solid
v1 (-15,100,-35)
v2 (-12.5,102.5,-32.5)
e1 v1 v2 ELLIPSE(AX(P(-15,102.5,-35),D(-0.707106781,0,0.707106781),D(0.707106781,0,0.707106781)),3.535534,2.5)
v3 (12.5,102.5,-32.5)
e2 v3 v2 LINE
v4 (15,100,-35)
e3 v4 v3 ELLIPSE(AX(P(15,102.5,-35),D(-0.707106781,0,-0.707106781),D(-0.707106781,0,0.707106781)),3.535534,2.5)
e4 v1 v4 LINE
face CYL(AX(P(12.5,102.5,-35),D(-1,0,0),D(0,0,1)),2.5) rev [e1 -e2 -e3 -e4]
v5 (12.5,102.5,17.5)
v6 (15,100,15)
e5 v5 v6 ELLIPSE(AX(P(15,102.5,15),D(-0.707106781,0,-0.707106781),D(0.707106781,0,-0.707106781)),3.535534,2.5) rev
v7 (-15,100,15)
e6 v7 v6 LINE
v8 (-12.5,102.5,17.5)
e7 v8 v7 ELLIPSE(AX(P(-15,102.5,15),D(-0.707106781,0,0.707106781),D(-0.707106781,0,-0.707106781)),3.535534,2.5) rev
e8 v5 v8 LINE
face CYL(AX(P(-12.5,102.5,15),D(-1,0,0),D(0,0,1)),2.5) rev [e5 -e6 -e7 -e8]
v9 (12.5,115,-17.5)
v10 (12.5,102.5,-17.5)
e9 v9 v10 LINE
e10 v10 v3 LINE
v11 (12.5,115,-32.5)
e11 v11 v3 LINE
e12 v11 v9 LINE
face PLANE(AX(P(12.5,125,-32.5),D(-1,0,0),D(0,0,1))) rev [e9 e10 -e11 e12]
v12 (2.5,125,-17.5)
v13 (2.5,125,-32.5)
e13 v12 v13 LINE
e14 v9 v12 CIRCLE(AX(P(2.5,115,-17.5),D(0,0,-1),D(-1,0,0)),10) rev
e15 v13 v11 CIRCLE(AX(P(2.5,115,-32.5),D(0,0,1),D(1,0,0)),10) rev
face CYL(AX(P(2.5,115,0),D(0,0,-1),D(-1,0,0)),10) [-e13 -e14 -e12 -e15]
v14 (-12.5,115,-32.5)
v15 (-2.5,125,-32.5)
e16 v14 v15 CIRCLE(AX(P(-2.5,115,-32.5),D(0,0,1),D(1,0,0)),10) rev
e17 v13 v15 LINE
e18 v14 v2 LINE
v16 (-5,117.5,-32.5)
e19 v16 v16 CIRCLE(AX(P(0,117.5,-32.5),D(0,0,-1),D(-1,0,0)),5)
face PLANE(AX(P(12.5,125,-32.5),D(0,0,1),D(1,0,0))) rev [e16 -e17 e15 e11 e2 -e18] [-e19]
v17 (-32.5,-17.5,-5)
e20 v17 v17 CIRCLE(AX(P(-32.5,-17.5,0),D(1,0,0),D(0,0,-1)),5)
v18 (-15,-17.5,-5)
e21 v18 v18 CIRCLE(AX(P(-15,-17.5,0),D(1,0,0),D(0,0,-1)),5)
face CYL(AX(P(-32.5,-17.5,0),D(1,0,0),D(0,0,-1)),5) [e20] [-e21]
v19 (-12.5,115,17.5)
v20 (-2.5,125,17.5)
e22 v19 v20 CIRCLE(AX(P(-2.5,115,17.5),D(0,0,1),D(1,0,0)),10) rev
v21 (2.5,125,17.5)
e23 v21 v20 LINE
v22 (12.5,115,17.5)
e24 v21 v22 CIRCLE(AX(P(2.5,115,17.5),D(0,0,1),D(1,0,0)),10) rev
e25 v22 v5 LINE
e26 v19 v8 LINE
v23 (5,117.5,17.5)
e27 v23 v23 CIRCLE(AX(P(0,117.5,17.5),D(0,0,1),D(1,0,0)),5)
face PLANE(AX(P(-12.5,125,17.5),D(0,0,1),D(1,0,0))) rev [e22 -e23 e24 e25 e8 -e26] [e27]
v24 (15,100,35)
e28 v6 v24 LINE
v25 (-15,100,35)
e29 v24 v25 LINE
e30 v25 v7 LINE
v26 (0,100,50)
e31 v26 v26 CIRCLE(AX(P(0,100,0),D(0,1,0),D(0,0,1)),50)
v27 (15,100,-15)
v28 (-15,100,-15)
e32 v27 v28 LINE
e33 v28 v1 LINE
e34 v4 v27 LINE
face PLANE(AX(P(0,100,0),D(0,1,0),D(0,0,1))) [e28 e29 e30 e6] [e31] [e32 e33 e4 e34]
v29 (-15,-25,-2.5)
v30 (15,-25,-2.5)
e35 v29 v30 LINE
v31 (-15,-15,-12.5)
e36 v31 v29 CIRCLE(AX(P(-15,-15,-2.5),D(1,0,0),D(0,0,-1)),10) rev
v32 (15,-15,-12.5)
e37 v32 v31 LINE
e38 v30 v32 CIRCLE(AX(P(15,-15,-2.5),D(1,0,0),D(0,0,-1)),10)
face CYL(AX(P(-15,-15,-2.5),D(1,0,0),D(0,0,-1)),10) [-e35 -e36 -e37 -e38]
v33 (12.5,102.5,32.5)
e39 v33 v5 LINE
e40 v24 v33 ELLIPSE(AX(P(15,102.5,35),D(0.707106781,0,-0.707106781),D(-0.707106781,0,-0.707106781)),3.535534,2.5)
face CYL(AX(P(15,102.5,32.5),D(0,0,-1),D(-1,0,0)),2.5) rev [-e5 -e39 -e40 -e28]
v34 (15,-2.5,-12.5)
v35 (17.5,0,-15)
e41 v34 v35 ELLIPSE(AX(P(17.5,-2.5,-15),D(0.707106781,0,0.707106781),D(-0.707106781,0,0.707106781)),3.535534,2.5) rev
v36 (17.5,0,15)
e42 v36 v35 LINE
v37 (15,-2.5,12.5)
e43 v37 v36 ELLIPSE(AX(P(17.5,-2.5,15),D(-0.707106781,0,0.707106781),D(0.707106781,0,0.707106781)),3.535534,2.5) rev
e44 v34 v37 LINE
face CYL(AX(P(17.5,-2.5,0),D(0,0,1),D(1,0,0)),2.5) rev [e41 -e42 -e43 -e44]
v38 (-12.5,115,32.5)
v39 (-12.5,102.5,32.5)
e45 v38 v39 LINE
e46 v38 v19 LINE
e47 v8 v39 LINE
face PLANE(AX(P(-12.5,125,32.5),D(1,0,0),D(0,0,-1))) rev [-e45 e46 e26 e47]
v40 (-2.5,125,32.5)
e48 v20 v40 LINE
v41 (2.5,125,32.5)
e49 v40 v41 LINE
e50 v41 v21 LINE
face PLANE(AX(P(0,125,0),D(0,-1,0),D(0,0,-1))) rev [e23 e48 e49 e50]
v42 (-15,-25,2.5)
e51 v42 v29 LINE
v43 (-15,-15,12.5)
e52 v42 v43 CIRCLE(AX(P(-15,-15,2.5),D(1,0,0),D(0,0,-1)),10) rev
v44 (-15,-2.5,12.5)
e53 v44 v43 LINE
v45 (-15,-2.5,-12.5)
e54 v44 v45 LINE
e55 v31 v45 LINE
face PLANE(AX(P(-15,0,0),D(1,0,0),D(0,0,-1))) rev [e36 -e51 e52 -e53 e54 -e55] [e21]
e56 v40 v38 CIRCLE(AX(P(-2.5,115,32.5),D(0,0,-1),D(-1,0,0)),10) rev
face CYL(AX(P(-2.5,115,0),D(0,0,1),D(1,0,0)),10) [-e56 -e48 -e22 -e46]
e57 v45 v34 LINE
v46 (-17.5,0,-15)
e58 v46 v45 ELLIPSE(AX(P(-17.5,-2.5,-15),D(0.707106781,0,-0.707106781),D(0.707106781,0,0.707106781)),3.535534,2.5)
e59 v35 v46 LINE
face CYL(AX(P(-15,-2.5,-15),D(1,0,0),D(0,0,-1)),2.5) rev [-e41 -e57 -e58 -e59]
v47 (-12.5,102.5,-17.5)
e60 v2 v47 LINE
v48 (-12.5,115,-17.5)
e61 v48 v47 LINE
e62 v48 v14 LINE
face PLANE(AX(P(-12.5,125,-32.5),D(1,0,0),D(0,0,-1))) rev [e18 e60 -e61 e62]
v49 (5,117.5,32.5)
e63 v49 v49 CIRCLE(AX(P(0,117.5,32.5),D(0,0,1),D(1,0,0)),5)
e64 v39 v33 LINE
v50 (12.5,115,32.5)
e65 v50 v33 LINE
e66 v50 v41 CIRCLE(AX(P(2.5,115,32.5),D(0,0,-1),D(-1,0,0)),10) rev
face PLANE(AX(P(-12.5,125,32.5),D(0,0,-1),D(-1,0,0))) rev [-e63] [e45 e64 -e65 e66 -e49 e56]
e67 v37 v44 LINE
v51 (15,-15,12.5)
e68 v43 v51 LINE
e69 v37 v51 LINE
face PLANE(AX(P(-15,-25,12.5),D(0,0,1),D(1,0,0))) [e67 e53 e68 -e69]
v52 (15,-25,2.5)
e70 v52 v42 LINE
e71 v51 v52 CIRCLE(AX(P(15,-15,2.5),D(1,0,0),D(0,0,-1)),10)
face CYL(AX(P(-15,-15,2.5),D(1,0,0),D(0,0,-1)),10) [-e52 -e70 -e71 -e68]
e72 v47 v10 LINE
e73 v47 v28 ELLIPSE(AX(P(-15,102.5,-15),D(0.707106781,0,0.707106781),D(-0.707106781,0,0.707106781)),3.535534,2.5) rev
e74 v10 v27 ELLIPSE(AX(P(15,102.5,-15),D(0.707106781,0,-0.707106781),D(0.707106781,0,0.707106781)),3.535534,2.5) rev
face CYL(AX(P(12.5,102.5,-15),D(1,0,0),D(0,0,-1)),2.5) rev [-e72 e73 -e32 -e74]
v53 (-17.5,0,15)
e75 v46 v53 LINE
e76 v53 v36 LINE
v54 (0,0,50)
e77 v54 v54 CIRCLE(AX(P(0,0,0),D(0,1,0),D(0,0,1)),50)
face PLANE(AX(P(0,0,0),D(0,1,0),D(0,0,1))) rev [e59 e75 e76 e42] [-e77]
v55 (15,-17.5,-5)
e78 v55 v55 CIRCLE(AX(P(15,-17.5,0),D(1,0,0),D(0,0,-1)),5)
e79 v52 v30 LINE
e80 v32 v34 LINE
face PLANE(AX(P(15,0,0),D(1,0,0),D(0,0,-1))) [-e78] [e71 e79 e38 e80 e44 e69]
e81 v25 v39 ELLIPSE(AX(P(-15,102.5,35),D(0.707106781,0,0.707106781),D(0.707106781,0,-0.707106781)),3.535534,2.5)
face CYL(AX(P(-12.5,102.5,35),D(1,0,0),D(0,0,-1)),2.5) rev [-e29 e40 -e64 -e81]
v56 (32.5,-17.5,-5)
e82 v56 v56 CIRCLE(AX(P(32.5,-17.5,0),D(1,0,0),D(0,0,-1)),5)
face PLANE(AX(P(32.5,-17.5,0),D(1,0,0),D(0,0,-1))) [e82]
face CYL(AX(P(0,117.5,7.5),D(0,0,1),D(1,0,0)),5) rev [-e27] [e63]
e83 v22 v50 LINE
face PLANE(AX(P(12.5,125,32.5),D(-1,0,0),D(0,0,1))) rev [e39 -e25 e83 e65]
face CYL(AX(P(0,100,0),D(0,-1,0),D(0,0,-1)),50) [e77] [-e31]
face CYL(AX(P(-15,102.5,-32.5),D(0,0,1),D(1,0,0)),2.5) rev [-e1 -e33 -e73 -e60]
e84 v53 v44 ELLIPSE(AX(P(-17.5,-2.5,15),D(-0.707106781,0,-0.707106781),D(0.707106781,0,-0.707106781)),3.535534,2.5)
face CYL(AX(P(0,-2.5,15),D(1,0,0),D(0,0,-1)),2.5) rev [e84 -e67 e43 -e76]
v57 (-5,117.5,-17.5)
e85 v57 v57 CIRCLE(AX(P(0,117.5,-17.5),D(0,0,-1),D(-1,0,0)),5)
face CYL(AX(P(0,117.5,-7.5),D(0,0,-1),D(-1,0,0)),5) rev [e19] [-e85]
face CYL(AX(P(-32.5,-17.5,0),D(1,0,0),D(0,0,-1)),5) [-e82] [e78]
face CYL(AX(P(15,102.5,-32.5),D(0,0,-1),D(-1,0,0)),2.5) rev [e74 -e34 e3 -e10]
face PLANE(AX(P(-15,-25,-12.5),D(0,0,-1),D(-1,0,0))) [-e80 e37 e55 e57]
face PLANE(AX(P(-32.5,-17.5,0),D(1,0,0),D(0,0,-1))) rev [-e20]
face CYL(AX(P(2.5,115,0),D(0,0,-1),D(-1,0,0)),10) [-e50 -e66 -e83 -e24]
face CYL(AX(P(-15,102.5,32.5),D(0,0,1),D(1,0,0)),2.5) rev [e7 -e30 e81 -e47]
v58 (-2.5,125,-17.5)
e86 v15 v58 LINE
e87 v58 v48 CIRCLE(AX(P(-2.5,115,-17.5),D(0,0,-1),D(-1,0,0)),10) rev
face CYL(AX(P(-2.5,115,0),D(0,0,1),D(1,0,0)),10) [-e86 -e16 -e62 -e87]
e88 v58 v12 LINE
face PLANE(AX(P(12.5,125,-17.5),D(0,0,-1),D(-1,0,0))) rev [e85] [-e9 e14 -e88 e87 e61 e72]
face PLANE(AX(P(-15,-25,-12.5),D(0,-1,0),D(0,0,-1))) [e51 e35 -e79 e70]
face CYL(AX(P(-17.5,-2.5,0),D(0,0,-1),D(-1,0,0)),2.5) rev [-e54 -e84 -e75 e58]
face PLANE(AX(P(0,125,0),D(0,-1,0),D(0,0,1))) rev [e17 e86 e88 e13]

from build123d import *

# Parameters (mm, degrees)
SKETCH1_R                = 50
BOSS_EXTRUDE1_DEPTH      = 100
SKETCH6_W                = 25
SKETCH6_H                = 15
BOSS_EXTRUDE3_DEPTH      = 25
FILLET3_R                = 2.5
FILLET4_R                = 10
SKETCH7_R                = 5
CUT_EXTRUDE2_DEPTH       = 25
CIRPATTERN1_COUNT        = 2
FILLET3_OF_CIRPATTERN1_R = 2.5
FILLET4_OF_CIRPATTERN1_R = 10
SKETCH9_W                = 25
SKETCH9_H                = 25
BOSS_EXTRUDE4_DEPTH      = 15
BOSS_EXTRUDE4_DEPTH_BACK = 15
FILLET5_R                = 2.5
FILLET6_R                = 10
SKETCH10_R               = 5
BOSS_EXTRUDE5_DEPTH      = 32.5
BOSS_EXTRUDE5_DEPTH_BACK = 32.5


with BuildPart() as part:
    # Sketch1 → Boss-Extrude1 (new body)
    with BuildSketch(Plane(origin=(0, 0, 0), x_dir=(1, 0, 0), z_dir=(0, 1, 0))):
        Circle(SKETCH1_R)
    extrude(amount=BOSS_EXTRUDE1_DEPTH)

    # Sketch6 → Boss-Extrude3 (add)
    with BuildSketch(Plane(origin=(0, 100, 0), x_dir=(1, 0, 0), z_dir=(0, 1, 0))):
        with Locations((0, -25)):
            Rectangle(SKETCH6_W, SKETCH6_H)
    boss_extrude3 = extrude(amount=BOSS_EXTRUDE3_DEPTH)

    # Fillet3
    fillet3_edges = [part.edges().sort_by_distance(p)[0] for p in [
        (12.5, 100, 25),
        (0, 100, 17.5),
        (-12.5, 100, 25),
        (0, 100, 32.5),
    ]]
    fillet(fillet3_edges, radius=FILLET3_R)

    # Fillet4
    fillet4_edges = [part.edges().sort_by_distance(p)[0] for p in [
        (12.5, 125, 25),
        (-12.5, 125, 25),
    ]]
    fillet(fillet4_edges, radius=FILLET4_R)

    # Sketch7 → Cut-Extrude2 (cut)
    with BuildSketch(Plane.XY.offset(32.5)):
        with Locations((0, 117.5)):
            Circle(SKETCH7_R)
    cut_extrude2 = extrude(amount=-CUT_EXTRUDE2_DEPTH, mode=Mode.SUBTRACT)

    # CirPattern1: Boss-Extrude3, Cut-Extrude2 ×2 about axis
    cirpattern1_axis = Axis((0, 0, 0), (0, 1, 0))
    for i in range(1, CIRPATTERN1_COUNT):
        add(boss_extrude3.rotate(cirpattern1_axis, i * 360 / CIRPATTERN1_COUNT))
        add(cut_extrude2.rotate(cirpattern1_axis, i * 360 / CIRPATTERN1_COUNT), mode=Mode.SUBTRACT)

    # Fillet3 of CirPattern1
    fillet3_of_cirpattern1_edges = [part.edges().sort_by_distance(p)[0] for p in [
        (-12.5, 100, -25),
        (0, 100, -17.5),
        (12.5, 100, -25),
        (0, 100, -32.5),
    ]]
    fillet(fillet3_of_cirpattern1_edges, radius=FILLET3_OF_CIRPATTERN1_R)

    # Fillet4 of CirPattern1
    fillet4_of_cirpattern1_edges = [part.edges().sort_by_distance(p)[0] for p in [
        (-12.5, 125, -25),
        (12.5, 125, -25),
    ]]
    fillet(fillet4_of_cirpattern1_edges, radius=FILLET4_OF_CIRPATTERN1_R)

    # Sketch9 → Boss-Extrude4 (add, two sides)
    with BuildSketch(Plane(origin=(0, 0, 0), x_dir=(0, 0, -1), z_dir=(1, 0, 0))) as boss_extrude4_sk:
        with Locations((0, -12.5)):
            Rectangle(SKETCH9_W, SKETCH9_H)
    extrude(amount=BOSS_EXTRUDE4_DEPTH)
    extrude(boss_extrude4_sk.sketch, amount=-BOSS_EXTRUDE4_DEPTH_BACK)

    # Fillet5
    fillet5_edges = [part.edges().sort_by_distance(p)[0] for p in [
        (0, 0, 12.5),
        (-15, 0, 0),
        (0, 0, -12.5),
        (15, 0, 0),
    ]]
    fillet(fillet5_edges, radius=FILLET5_R)

    # Fillet6
    fillet6_edges = [part.edges().sort_by_distance(p)[0] for p in [
        (0, -25, 12.5),
        (0, -25, -12.5),
    ]]
    fillet(fillet6_edges, radius=FILLET6_R)

    # Sketch10 → Boss-Extrude5 (add, two sides)
    with BuildSketch(Plane(origin=(0, 0, 0), x_dir=(0, 0, -1), z_dir=(1, 0, 0))) as boss_extrude5_sk:
        with Locations((0, -17.5)):
            Circle(SKETCH10_R)
    extrude(amount=BOSS_EXTRUDE5_DEPTH)
    extrude(boss_extrude5_sk.sketch, amount=-BOSS_EXTRUDE5_DEPTH_BACK)


solid = part.part
